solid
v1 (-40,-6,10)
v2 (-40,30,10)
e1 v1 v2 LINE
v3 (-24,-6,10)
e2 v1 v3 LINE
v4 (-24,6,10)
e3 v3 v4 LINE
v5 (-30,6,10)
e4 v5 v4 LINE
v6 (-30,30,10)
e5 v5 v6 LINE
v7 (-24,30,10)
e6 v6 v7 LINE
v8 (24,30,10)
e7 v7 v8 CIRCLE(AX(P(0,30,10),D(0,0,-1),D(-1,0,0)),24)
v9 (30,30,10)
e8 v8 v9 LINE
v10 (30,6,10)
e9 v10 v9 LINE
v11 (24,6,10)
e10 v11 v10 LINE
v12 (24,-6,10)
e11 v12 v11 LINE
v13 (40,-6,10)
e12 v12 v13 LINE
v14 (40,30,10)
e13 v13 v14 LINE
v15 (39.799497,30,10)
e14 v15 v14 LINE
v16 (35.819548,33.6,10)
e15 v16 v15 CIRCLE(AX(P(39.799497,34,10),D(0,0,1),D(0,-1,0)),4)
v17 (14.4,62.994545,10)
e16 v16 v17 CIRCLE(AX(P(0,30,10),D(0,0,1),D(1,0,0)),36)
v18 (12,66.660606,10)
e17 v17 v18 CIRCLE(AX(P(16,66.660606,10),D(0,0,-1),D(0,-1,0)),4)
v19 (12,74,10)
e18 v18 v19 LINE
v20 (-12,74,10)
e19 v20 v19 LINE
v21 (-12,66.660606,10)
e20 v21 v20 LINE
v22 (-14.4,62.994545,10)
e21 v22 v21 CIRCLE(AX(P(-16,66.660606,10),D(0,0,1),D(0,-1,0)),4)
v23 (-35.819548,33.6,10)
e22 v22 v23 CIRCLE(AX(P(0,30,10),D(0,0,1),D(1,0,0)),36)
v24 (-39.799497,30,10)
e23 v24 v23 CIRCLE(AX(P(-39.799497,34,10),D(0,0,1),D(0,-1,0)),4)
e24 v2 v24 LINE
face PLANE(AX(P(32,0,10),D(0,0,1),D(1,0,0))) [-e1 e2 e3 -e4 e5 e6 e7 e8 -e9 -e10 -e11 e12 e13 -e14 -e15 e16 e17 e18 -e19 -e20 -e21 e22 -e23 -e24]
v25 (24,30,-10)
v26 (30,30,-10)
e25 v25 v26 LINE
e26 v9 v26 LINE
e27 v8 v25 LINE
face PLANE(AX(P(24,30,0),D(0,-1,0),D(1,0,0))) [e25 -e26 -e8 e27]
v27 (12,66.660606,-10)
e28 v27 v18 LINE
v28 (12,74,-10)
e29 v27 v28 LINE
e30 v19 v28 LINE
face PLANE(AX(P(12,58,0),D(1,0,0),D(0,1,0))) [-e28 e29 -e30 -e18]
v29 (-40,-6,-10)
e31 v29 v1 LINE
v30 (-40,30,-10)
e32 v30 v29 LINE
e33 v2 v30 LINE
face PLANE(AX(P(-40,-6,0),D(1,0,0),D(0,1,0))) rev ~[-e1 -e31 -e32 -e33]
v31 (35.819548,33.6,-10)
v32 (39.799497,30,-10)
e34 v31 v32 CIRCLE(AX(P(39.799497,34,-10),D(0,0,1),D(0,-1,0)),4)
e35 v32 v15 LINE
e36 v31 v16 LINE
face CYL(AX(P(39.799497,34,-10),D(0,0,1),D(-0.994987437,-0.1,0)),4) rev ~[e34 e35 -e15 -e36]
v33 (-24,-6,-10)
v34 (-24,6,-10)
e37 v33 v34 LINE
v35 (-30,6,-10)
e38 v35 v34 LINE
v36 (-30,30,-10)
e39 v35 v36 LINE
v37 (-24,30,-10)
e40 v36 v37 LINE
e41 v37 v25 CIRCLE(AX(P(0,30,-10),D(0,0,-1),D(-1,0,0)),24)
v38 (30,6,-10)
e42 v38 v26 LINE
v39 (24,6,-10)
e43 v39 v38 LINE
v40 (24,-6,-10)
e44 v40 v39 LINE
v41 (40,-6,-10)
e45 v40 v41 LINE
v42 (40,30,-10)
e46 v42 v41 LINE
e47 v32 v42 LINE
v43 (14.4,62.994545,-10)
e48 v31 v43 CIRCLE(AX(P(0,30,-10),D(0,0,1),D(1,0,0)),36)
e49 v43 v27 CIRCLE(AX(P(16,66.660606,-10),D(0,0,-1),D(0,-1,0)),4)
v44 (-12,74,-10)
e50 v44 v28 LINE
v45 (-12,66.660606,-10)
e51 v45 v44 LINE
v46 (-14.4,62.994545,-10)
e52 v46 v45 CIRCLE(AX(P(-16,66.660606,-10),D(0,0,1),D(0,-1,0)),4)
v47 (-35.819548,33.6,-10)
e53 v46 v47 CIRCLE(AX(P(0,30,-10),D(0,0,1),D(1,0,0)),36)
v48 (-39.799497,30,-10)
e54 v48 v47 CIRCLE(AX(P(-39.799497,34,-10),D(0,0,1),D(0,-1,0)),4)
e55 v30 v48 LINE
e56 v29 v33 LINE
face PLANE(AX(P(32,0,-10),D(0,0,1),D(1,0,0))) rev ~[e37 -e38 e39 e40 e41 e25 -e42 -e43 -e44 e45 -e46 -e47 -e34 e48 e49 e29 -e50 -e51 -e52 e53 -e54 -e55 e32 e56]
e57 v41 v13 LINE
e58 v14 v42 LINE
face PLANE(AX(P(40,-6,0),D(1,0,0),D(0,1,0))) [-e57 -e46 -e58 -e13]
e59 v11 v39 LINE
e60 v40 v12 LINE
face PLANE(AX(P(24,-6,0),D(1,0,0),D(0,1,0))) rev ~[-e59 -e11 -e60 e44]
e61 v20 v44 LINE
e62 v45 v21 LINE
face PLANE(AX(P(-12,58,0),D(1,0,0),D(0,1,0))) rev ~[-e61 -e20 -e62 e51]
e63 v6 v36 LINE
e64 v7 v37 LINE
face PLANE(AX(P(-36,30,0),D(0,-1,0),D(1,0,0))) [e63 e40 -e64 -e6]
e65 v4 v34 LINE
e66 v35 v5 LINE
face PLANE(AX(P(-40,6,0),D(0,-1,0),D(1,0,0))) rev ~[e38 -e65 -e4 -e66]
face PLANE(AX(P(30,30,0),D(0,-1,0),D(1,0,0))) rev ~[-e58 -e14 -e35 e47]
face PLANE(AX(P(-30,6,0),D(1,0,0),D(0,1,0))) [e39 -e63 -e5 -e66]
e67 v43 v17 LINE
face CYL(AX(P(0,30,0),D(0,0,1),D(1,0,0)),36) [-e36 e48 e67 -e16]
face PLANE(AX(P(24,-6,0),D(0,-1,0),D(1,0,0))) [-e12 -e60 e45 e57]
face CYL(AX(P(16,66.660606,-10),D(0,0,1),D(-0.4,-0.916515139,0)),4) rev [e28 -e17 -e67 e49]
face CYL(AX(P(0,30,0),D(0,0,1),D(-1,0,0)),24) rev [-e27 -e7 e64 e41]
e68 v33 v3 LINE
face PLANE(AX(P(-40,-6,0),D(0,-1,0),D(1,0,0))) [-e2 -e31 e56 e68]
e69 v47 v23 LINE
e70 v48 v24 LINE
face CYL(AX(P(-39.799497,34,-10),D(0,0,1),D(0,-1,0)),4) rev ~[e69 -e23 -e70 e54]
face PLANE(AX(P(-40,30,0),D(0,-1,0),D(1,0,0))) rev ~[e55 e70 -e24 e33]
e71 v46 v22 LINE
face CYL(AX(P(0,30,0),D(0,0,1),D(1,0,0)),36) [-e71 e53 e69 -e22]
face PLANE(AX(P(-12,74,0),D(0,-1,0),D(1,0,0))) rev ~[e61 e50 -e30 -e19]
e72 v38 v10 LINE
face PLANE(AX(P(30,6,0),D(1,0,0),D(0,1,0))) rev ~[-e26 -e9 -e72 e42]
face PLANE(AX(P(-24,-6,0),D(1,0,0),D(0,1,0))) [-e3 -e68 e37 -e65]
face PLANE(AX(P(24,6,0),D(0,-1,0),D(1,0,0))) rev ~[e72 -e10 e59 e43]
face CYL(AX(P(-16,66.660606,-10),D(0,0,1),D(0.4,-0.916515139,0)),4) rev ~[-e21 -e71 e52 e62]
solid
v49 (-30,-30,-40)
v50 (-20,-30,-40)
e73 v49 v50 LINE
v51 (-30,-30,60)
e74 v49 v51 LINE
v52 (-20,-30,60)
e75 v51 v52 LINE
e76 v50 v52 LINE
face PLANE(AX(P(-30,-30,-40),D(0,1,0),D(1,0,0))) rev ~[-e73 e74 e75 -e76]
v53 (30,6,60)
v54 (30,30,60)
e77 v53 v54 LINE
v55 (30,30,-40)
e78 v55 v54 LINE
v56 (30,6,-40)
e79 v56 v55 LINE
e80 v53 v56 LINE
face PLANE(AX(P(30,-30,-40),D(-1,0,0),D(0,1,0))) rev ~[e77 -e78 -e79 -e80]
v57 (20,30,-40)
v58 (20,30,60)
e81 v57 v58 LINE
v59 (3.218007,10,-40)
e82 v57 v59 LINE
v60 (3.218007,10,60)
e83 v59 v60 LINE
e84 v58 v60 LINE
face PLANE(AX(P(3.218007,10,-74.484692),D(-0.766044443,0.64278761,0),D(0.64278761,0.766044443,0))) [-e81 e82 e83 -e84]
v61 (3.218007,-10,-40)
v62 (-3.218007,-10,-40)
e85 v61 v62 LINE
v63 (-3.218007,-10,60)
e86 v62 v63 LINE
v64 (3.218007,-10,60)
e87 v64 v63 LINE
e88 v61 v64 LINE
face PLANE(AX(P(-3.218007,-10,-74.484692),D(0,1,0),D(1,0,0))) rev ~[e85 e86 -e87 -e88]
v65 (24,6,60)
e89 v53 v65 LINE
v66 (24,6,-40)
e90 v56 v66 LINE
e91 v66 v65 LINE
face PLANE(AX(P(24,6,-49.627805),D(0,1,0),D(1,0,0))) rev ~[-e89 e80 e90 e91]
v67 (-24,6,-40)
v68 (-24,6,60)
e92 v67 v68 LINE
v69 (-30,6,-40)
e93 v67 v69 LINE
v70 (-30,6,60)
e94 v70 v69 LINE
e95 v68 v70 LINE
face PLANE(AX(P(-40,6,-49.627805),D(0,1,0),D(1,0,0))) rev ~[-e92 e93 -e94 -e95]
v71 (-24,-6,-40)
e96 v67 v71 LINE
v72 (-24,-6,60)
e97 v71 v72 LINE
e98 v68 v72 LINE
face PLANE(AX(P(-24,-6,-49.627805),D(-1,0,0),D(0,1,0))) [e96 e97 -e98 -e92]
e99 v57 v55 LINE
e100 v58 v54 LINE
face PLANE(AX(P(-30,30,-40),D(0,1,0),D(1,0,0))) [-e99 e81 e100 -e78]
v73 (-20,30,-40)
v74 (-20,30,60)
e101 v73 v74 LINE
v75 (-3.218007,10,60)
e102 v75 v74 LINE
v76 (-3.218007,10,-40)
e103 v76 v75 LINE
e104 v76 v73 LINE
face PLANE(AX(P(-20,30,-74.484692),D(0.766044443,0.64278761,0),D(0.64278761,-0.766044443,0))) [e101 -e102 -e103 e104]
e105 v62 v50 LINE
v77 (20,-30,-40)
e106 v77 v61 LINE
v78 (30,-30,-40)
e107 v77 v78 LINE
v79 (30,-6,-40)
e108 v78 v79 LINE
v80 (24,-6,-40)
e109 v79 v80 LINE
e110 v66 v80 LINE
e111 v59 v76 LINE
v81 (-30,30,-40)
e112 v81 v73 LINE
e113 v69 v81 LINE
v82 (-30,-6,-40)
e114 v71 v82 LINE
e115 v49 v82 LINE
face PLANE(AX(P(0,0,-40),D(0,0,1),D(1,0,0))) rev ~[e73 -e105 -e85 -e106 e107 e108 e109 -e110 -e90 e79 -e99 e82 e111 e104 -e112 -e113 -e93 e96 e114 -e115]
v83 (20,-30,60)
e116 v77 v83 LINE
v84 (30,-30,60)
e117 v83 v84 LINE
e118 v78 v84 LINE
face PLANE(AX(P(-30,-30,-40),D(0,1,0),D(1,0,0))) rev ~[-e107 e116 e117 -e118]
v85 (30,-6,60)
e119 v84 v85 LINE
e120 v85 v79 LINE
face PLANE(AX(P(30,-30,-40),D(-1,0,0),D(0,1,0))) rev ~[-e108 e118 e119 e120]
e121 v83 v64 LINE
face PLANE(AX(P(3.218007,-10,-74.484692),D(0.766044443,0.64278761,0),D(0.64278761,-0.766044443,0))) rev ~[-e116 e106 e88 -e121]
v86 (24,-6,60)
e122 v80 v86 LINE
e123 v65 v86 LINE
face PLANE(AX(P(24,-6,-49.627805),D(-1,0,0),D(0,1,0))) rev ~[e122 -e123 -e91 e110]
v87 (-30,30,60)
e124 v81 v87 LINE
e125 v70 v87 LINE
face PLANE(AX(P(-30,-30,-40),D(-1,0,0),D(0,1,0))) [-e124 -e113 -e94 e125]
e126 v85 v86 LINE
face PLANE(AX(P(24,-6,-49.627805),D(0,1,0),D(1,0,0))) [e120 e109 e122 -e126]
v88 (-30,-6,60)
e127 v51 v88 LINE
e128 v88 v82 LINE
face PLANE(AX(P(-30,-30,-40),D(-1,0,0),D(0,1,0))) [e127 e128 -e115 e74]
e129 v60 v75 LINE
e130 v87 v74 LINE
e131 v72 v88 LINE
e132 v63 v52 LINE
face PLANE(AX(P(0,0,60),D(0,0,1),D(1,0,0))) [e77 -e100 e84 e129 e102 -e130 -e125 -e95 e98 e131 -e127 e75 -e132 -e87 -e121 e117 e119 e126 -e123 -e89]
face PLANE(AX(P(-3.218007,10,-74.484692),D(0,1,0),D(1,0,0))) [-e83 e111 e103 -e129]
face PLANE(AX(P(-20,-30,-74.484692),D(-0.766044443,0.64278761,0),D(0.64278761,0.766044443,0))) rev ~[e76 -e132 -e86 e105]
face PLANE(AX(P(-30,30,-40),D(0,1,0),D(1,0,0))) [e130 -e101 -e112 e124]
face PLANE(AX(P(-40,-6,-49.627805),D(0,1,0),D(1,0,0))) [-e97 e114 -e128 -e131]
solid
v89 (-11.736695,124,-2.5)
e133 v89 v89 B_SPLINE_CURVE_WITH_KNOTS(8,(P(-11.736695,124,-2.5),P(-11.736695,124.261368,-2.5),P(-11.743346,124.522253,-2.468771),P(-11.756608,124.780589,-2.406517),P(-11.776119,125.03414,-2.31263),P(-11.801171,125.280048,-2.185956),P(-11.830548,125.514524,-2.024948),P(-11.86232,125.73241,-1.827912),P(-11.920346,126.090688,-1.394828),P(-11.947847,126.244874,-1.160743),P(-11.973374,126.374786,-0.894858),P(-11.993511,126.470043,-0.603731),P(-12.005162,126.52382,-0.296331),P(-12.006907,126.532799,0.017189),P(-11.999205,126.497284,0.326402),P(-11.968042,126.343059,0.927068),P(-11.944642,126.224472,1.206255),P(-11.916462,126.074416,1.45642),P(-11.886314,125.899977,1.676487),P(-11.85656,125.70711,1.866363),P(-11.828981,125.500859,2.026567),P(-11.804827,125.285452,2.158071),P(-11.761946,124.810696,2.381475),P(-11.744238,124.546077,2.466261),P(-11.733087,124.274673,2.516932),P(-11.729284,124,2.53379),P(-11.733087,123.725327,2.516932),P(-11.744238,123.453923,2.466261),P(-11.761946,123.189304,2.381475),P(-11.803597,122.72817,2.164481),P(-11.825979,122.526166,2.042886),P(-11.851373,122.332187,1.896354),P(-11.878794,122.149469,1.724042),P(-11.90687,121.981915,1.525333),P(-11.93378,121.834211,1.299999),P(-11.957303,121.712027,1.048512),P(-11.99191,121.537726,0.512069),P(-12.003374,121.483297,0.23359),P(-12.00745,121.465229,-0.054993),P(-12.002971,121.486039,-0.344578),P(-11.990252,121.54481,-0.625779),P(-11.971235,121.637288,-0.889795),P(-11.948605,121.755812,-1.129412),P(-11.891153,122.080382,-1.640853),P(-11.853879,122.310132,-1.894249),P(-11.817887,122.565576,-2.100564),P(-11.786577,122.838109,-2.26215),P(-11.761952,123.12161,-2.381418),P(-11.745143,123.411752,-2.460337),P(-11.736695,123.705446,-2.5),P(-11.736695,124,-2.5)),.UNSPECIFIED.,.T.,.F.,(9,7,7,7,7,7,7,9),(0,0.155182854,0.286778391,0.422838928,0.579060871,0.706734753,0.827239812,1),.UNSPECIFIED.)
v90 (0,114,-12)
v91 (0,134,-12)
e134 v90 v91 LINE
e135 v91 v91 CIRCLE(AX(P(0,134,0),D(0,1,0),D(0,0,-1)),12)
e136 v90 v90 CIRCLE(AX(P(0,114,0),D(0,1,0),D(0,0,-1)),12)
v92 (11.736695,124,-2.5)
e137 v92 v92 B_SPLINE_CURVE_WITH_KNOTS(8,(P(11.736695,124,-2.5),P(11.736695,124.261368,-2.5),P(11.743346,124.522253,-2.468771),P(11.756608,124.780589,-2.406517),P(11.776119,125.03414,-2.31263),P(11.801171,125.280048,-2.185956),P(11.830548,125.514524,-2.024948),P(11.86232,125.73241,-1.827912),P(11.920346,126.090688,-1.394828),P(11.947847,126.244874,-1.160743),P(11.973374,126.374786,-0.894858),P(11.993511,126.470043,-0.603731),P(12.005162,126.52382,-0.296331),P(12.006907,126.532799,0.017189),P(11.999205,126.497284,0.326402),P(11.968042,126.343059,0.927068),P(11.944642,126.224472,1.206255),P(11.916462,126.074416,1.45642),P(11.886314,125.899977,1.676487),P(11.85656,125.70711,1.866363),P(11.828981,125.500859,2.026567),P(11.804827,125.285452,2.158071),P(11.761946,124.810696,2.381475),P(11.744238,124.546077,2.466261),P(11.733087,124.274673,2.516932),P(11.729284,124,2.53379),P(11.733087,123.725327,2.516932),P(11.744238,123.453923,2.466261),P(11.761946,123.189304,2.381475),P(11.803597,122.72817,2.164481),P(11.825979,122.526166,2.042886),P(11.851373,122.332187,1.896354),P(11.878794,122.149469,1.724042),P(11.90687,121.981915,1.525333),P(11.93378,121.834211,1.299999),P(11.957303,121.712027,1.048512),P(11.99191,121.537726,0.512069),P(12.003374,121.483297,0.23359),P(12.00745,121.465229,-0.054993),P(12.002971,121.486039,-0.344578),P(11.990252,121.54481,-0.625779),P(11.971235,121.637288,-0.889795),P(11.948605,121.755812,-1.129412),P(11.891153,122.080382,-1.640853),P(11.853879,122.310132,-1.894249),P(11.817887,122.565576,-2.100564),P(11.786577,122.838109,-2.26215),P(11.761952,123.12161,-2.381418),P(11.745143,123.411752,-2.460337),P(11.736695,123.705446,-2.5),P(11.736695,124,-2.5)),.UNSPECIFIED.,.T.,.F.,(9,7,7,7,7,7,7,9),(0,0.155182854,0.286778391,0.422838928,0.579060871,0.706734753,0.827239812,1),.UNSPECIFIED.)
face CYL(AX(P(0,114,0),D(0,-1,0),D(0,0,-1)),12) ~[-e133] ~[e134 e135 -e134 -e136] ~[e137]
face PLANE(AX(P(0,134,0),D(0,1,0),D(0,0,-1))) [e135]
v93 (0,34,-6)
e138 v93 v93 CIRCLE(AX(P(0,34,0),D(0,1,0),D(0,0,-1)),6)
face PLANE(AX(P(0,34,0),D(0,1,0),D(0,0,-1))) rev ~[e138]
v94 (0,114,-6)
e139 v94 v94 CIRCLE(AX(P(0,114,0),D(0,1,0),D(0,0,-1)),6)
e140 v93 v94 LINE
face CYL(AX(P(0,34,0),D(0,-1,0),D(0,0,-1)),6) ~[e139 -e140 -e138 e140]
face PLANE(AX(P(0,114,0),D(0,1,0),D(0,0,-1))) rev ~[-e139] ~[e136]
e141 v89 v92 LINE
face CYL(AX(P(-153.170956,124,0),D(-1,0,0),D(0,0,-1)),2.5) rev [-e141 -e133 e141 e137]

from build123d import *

# Parameters (mm, degrees)
BOSS_EXTRUDE1_DEPTH      = 60
BOSS_EXTRUDE1_DEPTH_BACK = 40
SKETCH2_W                = 60
SKETCH2_H                = 60
CUT_EXTRUDE1_DEPTH       = 109.627804912
CUT_EXTRUDE1_DEPTH_BACK  = 109.627804912
SKETCH3_W                = 16
SKETCH3_H                = 12
CUT_EXTRUDE2_DEPTH       = 74.484692283
CUT_EXTRUDE2_DEPTH_BACK  = 74.484692283
SKETCH5_W                = 16
SKETCH5_H                = 12
BOSS_EXTRUDE2_DEPTH      = 10
BOSS_EXTRUDE2_2_DEPTH    = 10
SKETCH7_W                = 10
SKETCH7_H                = 24
BOSS_EXTRUDE3_DEPTH      = 10
BOSS_EXTRUDE3_2_DEPTH    = 10
BOSS_EXTRUDE4_DEPTH      = 10
SKETCH10_W               = 24
SKETCH10_H               = 16
BOSS_EXTRUDE5_DEPTH      = 10
FILLET1_R                = 4
BOSS_EXTRUDE6_DEPTH      = 40
BOSS_EXTRUDE6_DEPTH_BACK = 40
BOSS_EXTRUDE6_START      = 74
SKETCH11_R               = 6
BOSS_EXTRUDE7_START      = 114
SKETCH12_R               = 12
BOSS_EXTRUDE7_DEPTH      = 20
CUT_EXTRUDE4_DEPTH       = 153.170956493
CUT_EXTRUDE4_DEPTH_BACK  = 153.170956493
SKETCH13_R               = 2.5


with BuildPart() as part:
    # Sketch2 → Boss-Extrude1 (new, two sides: drawn at the far end of the back side and taken through both)
    with BuildSketch(Plane.XY.offset(-BOSS_EXTRUDE1_DEPTH_BACK)):
        Rectangle(SKETCH2_W, SKETCH2_H)
    extrude(amount=BOSS_EXTRUDE1_DEPTH + BOSS_EXTRUDE1_DEPTH_BACK)

    # Sketch3 → Cut-Extrude1 (cut, two sides: drawn at the far end of the back side and taken through both)
    with BuildSketch(Plane.XY.offset(60).offset(-CUT_EXTRUDE1_DEPTH_BACK)):
        with Locations((32, 0)):
            Rectangle(SKETCH3_W, SKETCH3_H)
        with Locations((-32, 0)):
            Rectangle(SKETCH3_W, SKETCH3_H)
    extrude(amount=CUT_EXTRUDE1_DEPTH + CUT_EXTRUDE1_DEPTH_BACK, mode=Mode.SUBTRACT)

    # Sketch4 → Cut-Extrude2 (cut, two sides: drawn at the far end of the back side and taken through both)
    with BuildSketch(Plane.XY.offset(-CUT_EXTRUDE2_DEPTH_BACK)):
        Polygon((-20, -30), (-3.218007376, -10), (3.218007376, -10), (20, -30), (20, -54.733216857), (-20, -54.733216857), align=None)
        Polygon((-20, 30), (-3.218007376, 10), (3.218007376, 10), (20, 30), (20, 60.547100054), (-20, 60.547100054), align=None)
    extrude(amount=CUT_EXTRUDE2_DEPTH + CUT_EXTRUDE2_DEPTH_BACK, mode=Mode.SUBTRACT)


with BuildPart() as body_2:
    # Sketch5 → Boss-Extrude2 (new, symmetric)
    with BuildSketch(Plane.XY):
        with Locations((32, 0)):
            Rectangle(SKETCH5_W, SKETCH5_H)
    extrude(amount=BOSS_EXTRUDE2_DEPTH, both=True)


with BuildPart() as body_3:
    # Sketch5 → Boss-Extrude2 2 (new, symmetric)
    with BuildSketch(Plane.XY):
        with Locations((-32, 0)):
            Rectangle(SKETCH5_W, SKETCH5_H)
    extrude(amount=BOSS_EXTRUDE2_2_DEPTH, both=True)


with BuildPart() as body_4:
    # Sketch7 → Boss-Extrude3 (new, symmetric)
    with BuildSketch(Plane.XY):
        with Locations((-35, 18)):
            Rectangle(SKETCH7_W, SKETCH7_H)
    extrude(amount=BOSS_EXTRUDE3_DEPTH, both=True)


with BuildPart() as body_5:
    # Sketch7 → Boss-Extrude3 2 (new, symmetric)
    with BuildSketch(Plane.XY):
        with Locations((35, 18)):
            Rectangle(SKETCH7_W, SKETCH7_H)
    extrude(amount=BOSS_EXTRUDE3_2_DEPTH, both=True)


with BuildPart() as body_6:
    # Sketch8 → Boss-Extrude4 (new, symmetric)
    with BuildSketch(Plane.XY):
        with BuildLine():
            Line((24, 30), (36, 30))
            ThreePointArc((36, 30), (0, 66), (-36, 30))
            Line((-36, 30), (-24, 30))
            ThreePointArc((-24, 30), (0, 54), (24, 30))
        make_face()
    extrude(amount=BOSS_EXTRUDE4_DEPTH, both=True)

    # Combine1: union body 5, body 4, body 3, body 2
    add(body_5.part)
    add(body_4.part)
    add(body_3.part)
    add(body_2.part)

    # Sketch10 → Boss-Extrude5 (add, symmetric)
    with BuildSketch(Plane.XY):
        with Locations((0, 66)):
            Rectangle(SKETCH10_W, SKETCH10_H)
    extrude(amount=BOSS_EXTRUDE5_DEPTH, both=True)

    # Fillet1
    fillet1_edges = [body_6.edges().sort_by_distance(p)[0] for p in [
        (12, 63.941125497, 0),
        (-12, 63.941125497, 0),
        (-36, 30, 0),
        (36, 30, 0),
    ]]
    fillet(fillet1_edges, radius=FILLET1_R)


with BuildPart() as body_3_2:
    # Sketch11 → Boss-Extrude6 (new, two sides: drawn at the far end of the back side and taken through both)
    with BuildSketch(Plane(origin=(0, 0, 0), x_dir=(1, 0, 0), z_dir=(0, 1, 0)).offset(BOSS_EXTRUDE6_START - BOSS_EXTRUDE6_DEPTH_BACK)):
        with Locations(Location((0, 0, 0), (0, 0, 90))):
            Circle(SKETCH11_R)
    extrude(amount=BOSS_EXTRUDE6_DEPTH + BOSS_EXTRUDE6_DEPTH_BACK)


with BuildPart() as body_4_2:
    # Sketch12 → Boss-Extrude7 (new body)
    with BuildSketch(Plane(origin=(0, 0, 0), x_dir=(1, 0, 0), z_dir=(0, 1, 0)).offset(BOSS_EXTRUDE7_START)):
        with Locations(Location((0, 0, 0), (0, 0, 90))):
            Circle(SKETCH12_R)
    extrude(amount=BOSS_EXTRUDE7_DEPTH)

    # Combine2: union body 3 2
    add(body_3_2.part)

    # Sketch13 → Cut-Extrude4 (cut, two sides: drawn at the far end of the back side and taken through both)
    with BuildSketch(Plane(origin=(0, 0, 0), x_dir=(0, 0, -1), z_dir=(1, 0, 0)).offset(-CUT_EXTRUDE4_DEPTH_BACK)):
        with Locations((0, 124)):
            Circle(SKETCH13_R)
    extrude(amount=CUT_EXTRUDE4_DEPTH + CUT_EXTRUDE4_DEPTH_BACK, mode=Mode.SUBTRACT)


solid = Compound([part.part, body_6.part, body_4_2.part])
